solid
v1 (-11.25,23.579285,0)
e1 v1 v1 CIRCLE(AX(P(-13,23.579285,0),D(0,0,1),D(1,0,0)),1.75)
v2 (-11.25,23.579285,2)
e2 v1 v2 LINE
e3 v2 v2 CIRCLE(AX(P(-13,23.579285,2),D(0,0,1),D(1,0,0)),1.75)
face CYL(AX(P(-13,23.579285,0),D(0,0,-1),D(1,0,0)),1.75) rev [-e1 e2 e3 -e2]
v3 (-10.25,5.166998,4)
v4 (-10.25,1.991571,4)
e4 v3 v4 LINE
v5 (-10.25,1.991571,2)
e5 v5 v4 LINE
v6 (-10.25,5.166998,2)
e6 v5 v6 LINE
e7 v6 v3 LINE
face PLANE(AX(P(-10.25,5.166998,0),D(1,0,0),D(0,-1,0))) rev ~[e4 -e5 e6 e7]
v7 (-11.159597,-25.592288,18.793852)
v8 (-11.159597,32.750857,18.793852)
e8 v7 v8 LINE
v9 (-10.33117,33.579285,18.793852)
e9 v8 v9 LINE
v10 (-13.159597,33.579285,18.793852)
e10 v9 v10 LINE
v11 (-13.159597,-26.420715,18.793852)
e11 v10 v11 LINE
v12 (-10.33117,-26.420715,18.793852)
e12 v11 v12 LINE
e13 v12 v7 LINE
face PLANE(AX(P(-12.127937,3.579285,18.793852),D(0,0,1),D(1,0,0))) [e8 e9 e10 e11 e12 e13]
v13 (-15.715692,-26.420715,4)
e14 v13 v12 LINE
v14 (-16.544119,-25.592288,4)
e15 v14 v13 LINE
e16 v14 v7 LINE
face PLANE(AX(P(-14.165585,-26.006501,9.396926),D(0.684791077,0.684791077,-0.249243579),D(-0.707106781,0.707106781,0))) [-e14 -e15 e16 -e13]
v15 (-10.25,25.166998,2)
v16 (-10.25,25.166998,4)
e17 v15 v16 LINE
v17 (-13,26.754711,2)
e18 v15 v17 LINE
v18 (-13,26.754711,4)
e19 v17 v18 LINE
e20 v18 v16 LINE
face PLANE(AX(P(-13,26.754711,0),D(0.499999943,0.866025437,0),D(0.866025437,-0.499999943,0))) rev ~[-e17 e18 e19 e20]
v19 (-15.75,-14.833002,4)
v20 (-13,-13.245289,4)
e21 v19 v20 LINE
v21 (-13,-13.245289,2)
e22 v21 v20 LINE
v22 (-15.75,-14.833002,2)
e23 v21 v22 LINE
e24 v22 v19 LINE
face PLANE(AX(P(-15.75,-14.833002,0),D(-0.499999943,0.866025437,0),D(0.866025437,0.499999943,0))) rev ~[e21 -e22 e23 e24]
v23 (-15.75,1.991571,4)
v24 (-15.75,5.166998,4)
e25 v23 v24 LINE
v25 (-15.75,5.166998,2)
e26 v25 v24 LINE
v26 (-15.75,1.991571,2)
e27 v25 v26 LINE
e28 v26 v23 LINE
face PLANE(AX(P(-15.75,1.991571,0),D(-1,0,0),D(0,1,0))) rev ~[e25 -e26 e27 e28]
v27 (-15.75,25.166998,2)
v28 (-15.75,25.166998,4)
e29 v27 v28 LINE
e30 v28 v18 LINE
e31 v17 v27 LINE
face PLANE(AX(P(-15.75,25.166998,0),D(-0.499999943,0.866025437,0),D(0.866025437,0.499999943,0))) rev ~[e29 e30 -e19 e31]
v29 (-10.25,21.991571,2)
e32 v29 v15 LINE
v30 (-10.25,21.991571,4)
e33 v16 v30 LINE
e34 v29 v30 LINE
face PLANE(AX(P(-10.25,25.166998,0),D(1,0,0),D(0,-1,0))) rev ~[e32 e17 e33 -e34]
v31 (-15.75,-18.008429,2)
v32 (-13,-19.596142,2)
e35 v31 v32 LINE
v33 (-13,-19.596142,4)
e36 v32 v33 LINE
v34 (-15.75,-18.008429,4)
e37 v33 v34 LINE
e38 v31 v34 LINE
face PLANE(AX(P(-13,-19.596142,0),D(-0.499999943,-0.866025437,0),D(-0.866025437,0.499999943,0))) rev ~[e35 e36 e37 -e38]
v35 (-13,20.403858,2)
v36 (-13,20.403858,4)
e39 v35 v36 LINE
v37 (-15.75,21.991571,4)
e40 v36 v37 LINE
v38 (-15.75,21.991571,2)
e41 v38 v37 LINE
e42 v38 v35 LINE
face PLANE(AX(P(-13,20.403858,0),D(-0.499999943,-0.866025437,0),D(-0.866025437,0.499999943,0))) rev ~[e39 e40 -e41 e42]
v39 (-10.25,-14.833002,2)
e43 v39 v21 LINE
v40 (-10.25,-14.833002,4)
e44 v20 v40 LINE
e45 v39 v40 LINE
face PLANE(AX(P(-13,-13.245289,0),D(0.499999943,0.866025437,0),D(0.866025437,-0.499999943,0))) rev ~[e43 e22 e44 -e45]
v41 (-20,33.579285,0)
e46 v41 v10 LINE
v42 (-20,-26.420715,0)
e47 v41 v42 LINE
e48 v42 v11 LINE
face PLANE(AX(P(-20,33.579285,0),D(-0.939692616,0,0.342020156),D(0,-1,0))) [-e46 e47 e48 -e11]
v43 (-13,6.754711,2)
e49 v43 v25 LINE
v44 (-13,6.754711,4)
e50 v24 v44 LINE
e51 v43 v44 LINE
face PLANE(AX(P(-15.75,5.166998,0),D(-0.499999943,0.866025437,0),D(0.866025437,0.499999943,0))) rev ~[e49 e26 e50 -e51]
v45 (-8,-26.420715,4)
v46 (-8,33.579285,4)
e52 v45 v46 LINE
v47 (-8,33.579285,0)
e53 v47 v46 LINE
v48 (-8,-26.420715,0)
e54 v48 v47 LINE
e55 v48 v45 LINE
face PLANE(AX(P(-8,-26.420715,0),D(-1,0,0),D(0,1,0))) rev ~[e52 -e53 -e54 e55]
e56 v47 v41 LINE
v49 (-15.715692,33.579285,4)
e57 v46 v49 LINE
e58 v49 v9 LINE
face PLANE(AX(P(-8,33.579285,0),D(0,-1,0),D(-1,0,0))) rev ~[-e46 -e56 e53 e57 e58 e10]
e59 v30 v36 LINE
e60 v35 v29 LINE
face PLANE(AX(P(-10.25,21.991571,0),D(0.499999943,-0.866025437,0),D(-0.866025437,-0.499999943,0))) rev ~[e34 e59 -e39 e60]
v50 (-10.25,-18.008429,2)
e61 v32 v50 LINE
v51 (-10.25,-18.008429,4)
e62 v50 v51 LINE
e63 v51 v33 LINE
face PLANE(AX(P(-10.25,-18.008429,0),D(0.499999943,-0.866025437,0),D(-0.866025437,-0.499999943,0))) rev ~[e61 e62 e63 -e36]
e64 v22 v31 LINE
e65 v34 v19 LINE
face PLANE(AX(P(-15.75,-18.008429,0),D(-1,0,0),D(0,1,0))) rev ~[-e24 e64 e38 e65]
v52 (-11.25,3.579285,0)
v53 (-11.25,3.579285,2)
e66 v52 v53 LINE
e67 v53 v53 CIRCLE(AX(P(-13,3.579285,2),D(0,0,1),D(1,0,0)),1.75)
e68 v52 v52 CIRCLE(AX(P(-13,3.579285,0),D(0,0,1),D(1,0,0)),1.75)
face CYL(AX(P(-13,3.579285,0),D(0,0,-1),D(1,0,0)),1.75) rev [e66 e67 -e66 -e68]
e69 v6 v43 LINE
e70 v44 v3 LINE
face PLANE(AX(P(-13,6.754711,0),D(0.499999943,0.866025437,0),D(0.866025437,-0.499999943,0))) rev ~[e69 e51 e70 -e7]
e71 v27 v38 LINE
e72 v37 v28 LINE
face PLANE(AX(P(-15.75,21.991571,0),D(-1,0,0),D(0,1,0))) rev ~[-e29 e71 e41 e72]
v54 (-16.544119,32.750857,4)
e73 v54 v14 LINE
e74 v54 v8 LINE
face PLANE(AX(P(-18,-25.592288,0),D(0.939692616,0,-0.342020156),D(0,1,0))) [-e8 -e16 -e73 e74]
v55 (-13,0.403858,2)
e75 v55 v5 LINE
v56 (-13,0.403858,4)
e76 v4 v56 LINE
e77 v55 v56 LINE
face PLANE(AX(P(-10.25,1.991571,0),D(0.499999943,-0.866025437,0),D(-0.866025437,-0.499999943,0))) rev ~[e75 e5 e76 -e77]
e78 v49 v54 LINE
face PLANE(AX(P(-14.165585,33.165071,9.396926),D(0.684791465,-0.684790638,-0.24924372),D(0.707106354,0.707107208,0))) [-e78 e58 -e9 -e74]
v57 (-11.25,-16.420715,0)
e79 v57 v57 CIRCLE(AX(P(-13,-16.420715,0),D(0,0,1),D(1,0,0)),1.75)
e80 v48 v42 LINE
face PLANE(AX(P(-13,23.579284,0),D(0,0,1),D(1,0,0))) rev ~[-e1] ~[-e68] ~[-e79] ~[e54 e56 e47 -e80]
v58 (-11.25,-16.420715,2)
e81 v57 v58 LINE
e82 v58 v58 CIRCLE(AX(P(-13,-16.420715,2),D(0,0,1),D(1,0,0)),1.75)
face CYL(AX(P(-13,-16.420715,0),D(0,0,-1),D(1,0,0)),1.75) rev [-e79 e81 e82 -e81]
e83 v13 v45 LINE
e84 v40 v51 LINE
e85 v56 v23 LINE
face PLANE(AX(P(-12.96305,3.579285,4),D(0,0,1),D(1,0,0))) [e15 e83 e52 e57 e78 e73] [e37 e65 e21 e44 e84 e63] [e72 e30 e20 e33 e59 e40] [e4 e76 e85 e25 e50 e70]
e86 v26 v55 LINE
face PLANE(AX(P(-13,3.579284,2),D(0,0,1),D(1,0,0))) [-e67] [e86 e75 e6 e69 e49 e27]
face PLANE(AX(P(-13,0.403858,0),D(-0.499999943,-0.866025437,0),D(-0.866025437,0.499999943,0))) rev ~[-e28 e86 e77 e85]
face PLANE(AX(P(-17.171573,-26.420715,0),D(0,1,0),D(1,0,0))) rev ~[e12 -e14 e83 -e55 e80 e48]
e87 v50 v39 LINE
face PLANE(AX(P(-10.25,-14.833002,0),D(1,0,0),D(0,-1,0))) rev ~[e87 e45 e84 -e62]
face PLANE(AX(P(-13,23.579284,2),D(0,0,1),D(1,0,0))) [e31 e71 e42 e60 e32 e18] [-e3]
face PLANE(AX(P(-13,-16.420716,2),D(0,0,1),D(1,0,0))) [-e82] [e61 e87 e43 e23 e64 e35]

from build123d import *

# Parameters (mm, degrees)
F3_DEPTH = 4
F0_R     = 1.75
F4_DEPTH = 2


with BuildPart() as f2:
    # F2: sweep along a path in F1
    with BuildLine(Plane.XZ) as f2_path:
        Line((0, 0), (6.840403, 18.793852))
    # F0 (on Top) → F2 (sweep)
    with BuildSketch(Plane.XY):
        Polygon((-17.171573, 33.579285), (-20, 33.579285), (-20, -26.420715), (-17.171573, -26.420715), (-18, -25.592288), (-18, 32.750857), align=None)
    sweep(path=f2_path.line)

    # F0 (on Top) → F3 (join)
    with BuildSketch(Plane.XY):
        Polygon((-8, 33.579285), (-17.171573, 33.579285), (-18, 32.750857), (-18, -25.592288), (-17.171573, -26.420715), (-8, -26.420715), align=None)
        Polygon((-13, -13.245289), (-10.25, -14.833002), (-10.25, -18.008429), (-13, -19.596142), (-15.75, -18.008429), (-15.75, -14.833002), align=None, mode=Mode.SUBTRACT)
        Polygon((-13, 6.754711), (-10.25, 5.166998), (-10.25, 1.991571), (-13, 0.403858), (-15.75, 1.991571), (-15.75, 5.166998), align=None, mode=Mode.SUBTRACT)
        Polygon((-13, 26.754711), (-10.25, 25.166998), (-10.25, 21.991571), (-13, 20.403858), (-15.75, 21.991571), (-15.75, 25.166998), align=None, mode=Mode.SUBTRACT)
    extrude(amount=F3_DEPTH)

    # F0 (on Top) → F4 (join)
    with BuildSketch(Plane.XY):
        Polygon((-10.25, 21.991571), (-10.25, 25.166998), (-13, 26.754711), (-15.75, 25.166998), (-15.75, 21.991571), (-13, 20.403858), align=None)
        with Locations((-13, 23.579285)):
            Circle(F0_R, mode=Mode.SUBTRACT)
        Polygon((-10.25, 1.991571), (-10.25, 5.166998), (-13, 6.754711), (-15.75, 5.166998), (-15.75, 1.991571), (-13, 0.403858), align=None)
        with Locations((-13, 3.579285)):
            Circle(F0_R, mode=Mode.SUBTRACT)
        Polygon((-10.25, -18.008429), (-10.25, -14.833002), (-13, -13.245289), (-15.75, -14.833002), (-15.75, -18.008429), (-13, -19.596142), align=None)
        with Locations((-13, -16.420715)):
            Circle(F0_R, mode=Mode.SUBTRACT)
    extrude(amount=F4_DEPTH)


solid = f2.part
